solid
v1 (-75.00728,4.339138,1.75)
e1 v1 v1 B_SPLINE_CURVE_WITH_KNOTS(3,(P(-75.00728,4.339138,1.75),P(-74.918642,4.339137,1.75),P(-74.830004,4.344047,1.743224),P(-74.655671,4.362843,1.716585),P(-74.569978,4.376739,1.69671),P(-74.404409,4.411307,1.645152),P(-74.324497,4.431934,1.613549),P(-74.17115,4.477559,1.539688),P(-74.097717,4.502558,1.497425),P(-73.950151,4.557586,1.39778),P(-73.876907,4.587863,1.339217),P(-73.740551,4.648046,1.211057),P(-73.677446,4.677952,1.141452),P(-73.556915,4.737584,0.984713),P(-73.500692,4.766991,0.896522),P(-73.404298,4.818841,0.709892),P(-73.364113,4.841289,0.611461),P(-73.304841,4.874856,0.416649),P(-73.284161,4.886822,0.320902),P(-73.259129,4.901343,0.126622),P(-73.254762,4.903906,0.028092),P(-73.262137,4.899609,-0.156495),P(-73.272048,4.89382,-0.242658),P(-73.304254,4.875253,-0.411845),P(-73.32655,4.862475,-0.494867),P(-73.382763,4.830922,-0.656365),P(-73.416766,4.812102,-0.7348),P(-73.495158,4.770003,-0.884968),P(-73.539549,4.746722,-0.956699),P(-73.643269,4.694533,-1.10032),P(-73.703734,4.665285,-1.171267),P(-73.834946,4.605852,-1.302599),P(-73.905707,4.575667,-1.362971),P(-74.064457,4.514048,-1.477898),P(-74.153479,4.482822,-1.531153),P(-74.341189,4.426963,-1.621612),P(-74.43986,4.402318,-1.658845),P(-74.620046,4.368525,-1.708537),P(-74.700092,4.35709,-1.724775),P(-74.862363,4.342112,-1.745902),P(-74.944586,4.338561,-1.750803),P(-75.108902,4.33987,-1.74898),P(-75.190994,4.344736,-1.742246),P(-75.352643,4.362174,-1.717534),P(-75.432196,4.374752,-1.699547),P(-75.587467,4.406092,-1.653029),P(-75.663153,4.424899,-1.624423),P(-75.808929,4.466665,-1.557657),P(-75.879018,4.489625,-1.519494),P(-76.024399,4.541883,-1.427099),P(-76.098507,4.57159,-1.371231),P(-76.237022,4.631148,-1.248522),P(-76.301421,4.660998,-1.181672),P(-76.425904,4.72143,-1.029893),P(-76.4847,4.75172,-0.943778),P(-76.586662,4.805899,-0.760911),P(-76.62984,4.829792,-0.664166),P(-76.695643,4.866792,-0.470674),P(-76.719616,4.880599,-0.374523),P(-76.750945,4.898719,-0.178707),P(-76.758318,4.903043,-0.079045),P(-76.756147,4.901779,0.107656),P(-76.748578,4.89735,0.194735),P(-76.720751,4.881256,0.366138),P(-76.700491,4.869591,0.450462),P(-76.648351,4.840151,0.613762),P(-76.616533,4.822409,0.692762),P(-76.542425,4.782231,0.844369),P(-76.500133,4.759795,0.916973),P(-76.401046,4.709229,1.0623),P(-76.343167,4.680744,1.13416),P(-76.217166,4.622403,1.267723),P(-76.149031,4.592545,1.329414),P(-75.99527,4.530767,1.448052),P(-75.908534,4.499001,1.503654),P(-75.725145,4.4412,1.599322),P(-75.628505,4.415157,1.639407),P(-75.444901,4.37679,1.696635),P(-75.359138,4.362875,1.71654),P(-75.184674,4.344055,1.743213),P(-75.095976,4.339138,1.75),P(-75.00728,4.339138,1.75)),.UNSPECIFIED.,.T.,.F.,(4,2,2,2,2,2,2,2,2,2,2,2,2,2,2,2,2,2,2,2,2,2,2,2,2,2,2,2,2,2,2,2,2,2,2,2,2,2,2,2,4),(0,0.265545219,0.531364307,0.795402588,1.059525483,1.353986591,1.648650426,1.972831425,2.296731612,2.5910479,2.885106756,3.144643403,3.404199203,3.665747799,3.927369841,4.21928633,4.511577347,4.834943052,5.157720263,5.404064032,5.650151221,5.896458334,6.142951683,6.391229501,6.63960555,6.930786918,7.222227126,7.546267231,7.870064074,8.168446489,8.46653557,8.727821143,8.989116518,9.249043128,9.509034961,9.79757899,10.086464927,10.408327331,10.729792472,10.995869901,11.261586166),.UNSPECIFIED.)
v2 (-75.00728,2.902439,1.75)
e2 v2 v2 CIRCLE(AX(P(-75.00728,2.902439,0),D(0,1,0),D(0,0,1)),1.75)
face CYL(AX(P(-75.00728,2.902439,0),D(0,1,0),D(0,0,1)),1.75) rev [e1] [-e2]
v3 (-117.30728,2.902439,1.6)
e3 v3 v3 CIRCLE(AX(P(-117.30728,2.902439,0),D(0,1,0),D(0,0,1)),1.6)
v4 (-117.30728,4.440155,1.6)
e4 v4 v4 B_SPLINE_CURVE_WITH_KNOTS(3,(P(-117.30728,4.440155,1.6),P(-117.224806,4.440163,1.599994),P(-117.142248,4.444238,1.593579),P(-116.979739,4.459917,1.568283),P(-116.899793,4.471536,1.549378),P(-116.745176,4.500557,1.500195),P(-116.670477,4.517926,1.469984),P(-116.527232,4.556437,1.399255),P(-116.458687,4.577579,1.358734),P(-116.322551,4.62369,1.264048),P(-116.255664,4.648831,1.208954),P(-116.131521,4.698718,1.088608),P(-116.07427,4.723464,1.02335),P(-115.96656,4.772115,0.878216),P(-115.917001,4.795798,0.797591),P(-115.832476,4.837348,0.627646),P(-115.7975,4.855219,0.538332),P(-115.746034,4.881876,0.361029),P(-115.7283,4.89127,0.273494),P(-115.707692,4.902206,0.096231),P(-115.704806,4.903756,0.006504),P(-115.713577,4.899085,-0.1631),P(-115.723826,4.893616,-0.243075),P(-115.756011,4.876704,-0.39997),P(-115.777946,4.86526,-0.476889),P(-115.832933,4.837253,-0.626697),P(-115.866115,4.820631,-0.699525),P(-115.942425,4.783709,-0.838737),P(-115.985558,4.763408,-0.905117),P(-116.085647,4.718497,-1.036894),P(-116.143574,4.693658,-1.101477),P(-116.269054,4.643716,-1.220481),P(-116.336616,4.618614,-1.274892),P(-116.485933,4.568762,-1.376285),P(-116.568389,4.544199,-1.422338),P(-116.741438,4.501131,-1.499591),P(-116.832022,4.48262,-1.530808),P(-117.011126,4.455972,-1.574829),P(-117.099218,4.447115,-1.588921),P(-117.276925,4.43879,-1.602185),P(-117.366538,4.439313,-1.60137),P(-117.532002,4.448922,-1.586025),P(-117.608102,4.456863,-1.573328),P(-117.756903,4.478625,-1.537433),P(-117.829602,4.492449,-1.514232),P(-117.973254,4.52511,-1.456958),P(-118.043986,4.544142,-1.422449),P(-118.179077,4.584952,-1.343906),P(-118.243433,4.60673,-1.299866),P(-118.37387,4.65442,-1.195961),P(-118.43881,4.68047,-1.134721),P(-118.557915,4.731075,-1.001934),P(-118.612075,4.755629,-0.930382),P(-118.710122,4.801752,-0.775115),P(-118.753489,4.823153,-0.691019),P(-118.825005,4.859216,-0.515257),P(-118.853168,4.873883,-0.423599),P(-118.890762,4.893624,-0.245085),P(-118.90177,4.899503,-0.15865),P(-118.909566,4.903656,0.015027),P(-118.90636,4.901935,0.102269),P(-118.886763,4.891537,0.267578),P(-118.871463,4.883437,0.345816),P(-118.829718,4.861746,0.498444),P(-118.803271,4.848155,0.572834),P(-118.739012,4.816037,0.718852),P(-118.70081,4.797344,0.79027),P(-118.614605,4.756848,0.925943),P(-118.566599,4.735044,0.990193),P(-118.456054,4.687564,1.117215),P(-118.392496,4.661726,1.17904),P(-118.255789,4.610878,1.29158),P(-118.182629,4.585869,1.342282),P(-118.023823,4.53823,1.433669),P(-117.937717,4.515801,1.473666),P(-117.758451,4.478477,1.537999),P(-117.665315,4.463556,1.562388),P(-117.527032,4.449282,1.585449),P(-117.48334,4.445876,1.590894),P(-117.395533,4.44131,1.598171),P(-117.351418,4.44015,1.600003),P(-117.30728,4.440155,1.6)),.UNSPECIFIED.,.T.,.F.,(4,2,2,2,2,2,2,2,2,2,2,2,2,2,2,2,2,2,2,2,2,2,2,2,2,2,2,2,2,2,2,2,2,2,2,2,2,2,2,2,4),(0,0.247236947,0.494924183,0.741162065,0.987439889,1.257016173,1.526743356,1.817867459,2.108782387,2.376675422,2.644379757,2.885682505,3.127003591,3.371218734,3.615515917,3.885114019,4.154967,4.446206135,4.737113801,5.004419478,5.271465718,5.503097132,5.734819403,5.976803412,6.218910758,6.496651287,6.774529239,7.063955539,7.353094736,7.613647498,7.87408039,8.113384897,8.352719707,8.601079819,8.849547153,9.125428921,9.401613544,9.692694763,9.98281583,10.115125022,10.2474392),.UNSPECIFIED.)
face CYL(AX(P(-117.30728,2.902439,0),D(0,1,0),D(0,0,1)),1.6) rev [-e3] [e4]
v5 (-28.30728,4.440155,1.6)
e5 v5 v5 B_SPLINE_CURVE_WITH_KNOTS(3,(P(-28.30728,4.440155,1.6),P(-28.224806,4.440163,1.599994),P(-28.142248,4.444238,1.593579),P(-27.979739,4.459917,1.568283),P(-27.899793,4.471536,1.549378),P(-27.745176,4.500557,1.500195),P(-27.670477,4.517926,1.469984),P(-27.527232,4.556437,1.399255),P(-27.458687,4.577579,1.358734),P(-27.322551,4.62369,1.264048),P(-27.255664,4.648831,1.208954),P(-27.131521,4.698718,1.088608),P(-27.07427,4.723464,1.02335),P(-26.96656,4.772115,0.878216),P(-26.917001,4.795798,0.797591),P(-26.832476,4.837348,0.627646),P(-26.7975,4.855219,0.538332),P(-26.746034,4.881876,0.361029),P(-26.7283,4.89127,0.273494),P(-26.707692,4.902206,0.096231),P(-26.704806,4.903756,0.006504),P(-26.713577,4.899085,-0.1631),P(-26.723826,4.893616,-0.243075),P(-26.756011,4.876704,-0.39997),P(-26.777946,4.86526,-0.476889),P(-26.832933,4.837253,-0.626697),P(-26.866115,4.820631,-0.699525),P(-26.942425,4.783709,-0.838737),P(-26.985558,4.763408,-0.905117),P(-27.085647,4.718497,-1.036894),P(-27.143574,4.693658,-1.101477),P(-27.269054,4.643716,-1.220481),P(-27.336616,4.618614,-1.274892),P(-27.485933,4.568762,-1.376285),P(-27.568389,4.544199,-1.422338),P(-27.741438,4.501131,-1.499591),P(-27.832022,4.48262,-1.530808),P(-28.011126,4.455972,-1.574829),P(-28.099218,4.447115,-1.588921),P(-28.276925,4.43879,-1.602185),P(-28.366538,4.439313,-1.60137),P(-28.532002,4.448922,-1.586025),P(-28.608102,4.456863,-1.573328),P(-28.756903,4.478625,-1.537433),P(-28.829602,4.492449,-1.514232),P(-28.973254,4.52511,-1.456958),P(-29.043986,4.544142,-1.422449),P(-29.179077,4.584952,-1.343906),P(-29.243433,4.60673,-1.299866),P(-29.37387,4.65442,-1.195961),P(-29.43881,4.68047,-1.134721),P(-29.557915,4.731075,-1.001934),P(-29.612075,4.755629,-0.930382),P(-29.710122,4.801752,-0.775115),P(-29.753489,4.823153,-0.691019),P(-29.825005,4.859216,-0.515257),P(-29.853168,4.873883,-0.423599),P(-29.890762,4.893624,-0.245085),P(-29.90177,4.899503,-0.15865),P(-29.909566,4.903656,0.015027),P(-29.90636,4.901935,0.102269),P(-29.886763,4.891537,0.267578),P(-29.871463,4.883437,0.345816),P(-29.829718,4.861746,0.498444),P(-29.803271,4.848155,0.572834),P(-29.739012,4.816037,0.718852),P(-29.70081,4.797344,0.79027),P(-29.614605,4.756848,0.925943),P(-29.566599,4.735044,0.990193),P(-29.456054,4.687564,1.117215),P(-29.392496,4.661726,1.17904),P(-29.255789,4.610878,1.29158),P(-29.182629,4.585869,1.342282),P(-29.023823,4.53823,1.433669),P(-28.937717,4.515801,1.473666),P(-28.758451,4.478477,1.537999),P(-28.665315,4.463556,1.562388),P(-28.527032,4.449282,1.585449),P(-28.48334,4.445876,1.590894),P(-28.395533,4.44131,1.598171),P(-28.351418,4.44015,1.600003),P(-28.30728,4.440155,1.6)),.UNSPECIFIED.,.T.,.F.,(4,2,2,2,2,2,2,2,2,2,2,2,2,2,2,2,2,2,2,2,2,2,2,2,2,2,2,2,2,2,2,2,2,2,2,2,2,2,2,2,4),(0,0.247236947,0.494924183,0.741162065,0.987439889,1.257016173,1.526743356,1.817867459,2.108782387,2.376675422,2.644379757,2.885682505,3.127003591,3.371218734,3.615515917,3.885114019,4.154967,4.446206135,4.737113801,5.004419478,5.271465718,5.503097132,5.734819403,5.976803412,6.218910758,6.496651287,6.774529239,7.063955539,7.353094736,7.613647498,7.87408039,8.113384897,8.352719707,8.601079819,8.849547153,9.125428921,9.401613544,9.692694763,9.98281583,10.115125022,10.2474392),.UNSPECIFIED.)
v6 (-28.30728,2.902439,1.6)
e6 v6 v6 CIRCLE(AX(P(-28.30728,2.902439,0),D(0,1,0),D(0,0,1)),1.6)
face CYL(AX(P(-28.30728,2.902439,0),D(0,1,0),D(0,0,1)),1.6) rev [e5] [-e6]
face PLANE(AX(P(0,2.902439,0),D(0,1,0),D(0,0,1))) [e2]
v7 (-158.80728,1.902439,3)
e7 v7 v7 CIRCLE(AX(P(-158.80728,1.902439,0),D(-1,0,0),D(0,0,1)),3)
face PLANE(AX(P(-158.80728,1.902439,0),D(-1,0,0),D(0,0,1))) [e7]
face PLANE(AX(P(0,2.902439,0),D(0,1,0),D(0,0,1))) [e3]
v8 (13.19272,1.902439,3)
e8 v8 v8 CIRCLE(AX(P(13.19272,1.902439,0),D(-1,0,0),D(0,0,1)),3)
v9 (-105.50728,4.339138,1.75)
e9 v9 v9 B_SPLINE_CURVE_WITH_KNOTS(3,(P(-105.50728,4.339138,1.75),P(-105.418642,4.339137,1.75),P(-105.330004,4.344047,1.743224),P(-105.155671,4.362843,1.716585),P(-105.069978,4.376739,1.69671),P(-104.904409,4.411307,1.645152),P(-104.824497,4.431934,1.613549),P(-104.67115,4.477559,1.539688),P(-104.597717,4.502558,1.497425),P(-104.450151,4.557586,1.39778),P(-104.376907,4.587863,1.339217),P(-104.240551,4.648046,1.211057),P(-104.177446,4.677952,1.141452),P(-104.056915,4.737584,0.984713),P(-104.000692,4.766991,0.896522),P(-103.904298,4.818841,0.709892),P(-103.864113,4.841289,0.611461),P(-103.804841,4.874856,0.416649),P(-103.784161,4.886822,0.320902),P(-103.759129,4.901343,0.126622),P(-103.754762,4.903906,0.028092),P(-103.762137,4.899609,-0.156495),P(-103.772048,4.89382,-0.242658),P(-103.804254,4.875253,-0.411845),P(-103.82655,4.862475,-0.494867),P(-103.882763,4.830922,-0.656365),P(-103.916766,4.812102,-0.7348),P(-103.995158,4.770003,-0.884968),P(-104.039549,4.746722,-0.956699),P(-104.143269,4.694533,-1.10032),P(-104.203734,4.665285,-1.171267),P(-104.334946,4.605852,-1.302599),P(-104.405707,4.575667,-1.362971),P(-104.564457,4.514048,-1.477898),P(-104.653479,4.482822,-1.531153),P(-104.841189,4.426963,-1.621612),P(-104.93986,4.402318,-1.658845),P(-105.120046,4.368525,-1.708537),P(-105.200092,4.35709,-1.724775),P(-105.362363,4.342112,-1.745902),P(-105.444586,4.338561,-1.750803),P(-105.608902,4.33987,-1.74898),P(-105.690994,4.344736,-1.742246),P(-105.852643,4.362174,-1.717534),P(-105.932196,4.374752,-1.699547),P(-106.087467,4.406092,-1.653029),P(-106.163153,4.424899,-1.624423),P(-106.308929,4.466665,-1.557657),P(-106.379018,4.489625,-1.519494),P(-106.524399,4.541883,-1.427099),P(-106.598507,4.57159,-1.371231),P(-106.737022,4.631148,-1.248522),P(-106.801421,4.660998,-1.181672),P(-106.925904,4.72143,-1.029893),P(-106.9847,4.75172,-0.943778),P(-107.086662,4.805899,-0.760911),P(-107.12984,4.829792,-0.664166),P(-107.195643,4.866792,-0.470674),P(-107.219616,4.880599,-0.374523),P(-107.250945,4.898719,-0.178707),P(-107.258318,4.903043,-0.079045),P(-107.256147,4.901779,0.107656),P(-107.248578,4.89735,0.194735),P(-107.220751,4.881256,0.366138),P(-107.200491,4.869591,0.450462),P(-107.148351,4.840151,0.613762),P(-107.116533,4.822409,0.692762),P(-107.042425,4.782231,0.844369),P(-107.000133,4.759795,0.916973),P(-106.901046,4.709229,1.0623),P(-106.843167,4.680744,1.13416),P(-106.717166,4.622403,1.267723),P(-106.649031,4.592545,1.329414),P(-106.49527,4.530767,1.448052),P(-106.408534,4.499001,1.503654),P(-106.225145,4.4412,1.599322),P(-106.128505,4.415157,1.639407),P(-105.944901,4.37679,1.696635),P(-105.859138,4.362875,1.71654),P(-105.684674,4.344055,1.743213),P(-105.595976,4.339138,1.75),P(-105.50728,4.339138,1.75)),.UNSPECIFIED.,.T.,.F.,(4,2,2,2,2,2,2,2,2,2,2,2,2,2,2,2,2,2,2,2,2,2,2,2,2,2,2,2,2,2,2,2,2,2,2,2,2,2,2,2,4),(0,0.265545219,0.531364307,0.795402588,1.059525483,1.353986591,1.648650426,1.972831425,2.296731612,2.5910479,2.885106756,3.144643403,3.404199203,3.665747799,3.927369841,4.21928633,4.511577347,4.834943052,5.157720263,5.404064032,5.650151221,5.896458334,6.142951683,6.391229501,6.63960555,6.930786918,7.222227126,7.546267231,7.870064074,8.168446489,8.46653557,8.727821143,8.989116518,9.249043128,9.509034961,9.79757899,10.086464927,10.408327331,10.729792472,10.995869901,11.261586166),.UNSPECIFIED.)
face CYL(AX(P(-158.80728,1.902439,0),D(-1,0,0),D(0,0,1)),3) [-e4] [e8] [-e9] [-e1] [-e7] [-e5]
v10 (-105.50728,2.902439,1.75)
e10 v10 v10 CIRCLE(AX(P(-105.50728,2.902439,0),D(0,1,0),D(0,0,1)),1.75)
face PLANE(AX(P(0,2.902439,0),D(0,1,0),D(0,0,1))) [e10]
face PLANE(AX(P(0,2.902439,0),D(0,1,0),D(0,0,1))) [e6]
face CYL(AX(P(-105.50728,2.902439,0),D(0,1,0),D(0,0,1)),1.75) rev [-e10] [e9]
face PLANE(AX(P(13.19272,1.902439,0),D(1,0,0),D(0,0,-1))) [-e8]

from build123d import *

# Parameters (mm, degrees)
SKETCH1_W          = 172
SKETCH1_H          = 3
SKETCH3_R          = 1.75
SKETCH3_R_2        = 1.6
CUT_EXTRUDE1_DEPTH = 2


with BuildPart() as part:
    # Sketch1 → Revolve1 (revolve)
    with BuildSketch(Plane.XY, mode=Mode.PRIVATE) as revolve1_sk:
        with Locations((-72.807280427, 0.402439024)):
            Rectangle(SKETCH1_W, SKETCH1_H)
    revolve(revolve1_sk.sketch.rotate(Axis((-158.807280427, 1.902439024, 0), (1, 0, 0)), 270), axis=Axis((-158.807280427, 1.902439024, 0), (1, 0, 0)))

    # Sketch3 → Cut-Extrude1 (cut)
    with BuildSketch(Plane(origin=(-158.807280427, 4.902439024, 0), x_dir=(1, 0, 0), z_dir=(0, 1, 0))):
        with Locations(Location((83.8, 0, 0), (0, 0, 270))):
            Circle(SKETCH3_R)
        with Locations(Location((41.5, 0, 0), (0, 0, 270))):
            Circle(SKETCH3_R_2)
        with Locations(Location((53.3, 0, 0), (0, 0, 270))):
            Circle(SKETCH3_R)
        with Locations(Location((130.5, 0, 0), (0, 0, 270))):
            Circle(SKETCH3_R_2)
    extrude(amount=-CUT_EXTRUDE1_DEPTH, mode=Mode.SUBTRACT)


solid = part.part
